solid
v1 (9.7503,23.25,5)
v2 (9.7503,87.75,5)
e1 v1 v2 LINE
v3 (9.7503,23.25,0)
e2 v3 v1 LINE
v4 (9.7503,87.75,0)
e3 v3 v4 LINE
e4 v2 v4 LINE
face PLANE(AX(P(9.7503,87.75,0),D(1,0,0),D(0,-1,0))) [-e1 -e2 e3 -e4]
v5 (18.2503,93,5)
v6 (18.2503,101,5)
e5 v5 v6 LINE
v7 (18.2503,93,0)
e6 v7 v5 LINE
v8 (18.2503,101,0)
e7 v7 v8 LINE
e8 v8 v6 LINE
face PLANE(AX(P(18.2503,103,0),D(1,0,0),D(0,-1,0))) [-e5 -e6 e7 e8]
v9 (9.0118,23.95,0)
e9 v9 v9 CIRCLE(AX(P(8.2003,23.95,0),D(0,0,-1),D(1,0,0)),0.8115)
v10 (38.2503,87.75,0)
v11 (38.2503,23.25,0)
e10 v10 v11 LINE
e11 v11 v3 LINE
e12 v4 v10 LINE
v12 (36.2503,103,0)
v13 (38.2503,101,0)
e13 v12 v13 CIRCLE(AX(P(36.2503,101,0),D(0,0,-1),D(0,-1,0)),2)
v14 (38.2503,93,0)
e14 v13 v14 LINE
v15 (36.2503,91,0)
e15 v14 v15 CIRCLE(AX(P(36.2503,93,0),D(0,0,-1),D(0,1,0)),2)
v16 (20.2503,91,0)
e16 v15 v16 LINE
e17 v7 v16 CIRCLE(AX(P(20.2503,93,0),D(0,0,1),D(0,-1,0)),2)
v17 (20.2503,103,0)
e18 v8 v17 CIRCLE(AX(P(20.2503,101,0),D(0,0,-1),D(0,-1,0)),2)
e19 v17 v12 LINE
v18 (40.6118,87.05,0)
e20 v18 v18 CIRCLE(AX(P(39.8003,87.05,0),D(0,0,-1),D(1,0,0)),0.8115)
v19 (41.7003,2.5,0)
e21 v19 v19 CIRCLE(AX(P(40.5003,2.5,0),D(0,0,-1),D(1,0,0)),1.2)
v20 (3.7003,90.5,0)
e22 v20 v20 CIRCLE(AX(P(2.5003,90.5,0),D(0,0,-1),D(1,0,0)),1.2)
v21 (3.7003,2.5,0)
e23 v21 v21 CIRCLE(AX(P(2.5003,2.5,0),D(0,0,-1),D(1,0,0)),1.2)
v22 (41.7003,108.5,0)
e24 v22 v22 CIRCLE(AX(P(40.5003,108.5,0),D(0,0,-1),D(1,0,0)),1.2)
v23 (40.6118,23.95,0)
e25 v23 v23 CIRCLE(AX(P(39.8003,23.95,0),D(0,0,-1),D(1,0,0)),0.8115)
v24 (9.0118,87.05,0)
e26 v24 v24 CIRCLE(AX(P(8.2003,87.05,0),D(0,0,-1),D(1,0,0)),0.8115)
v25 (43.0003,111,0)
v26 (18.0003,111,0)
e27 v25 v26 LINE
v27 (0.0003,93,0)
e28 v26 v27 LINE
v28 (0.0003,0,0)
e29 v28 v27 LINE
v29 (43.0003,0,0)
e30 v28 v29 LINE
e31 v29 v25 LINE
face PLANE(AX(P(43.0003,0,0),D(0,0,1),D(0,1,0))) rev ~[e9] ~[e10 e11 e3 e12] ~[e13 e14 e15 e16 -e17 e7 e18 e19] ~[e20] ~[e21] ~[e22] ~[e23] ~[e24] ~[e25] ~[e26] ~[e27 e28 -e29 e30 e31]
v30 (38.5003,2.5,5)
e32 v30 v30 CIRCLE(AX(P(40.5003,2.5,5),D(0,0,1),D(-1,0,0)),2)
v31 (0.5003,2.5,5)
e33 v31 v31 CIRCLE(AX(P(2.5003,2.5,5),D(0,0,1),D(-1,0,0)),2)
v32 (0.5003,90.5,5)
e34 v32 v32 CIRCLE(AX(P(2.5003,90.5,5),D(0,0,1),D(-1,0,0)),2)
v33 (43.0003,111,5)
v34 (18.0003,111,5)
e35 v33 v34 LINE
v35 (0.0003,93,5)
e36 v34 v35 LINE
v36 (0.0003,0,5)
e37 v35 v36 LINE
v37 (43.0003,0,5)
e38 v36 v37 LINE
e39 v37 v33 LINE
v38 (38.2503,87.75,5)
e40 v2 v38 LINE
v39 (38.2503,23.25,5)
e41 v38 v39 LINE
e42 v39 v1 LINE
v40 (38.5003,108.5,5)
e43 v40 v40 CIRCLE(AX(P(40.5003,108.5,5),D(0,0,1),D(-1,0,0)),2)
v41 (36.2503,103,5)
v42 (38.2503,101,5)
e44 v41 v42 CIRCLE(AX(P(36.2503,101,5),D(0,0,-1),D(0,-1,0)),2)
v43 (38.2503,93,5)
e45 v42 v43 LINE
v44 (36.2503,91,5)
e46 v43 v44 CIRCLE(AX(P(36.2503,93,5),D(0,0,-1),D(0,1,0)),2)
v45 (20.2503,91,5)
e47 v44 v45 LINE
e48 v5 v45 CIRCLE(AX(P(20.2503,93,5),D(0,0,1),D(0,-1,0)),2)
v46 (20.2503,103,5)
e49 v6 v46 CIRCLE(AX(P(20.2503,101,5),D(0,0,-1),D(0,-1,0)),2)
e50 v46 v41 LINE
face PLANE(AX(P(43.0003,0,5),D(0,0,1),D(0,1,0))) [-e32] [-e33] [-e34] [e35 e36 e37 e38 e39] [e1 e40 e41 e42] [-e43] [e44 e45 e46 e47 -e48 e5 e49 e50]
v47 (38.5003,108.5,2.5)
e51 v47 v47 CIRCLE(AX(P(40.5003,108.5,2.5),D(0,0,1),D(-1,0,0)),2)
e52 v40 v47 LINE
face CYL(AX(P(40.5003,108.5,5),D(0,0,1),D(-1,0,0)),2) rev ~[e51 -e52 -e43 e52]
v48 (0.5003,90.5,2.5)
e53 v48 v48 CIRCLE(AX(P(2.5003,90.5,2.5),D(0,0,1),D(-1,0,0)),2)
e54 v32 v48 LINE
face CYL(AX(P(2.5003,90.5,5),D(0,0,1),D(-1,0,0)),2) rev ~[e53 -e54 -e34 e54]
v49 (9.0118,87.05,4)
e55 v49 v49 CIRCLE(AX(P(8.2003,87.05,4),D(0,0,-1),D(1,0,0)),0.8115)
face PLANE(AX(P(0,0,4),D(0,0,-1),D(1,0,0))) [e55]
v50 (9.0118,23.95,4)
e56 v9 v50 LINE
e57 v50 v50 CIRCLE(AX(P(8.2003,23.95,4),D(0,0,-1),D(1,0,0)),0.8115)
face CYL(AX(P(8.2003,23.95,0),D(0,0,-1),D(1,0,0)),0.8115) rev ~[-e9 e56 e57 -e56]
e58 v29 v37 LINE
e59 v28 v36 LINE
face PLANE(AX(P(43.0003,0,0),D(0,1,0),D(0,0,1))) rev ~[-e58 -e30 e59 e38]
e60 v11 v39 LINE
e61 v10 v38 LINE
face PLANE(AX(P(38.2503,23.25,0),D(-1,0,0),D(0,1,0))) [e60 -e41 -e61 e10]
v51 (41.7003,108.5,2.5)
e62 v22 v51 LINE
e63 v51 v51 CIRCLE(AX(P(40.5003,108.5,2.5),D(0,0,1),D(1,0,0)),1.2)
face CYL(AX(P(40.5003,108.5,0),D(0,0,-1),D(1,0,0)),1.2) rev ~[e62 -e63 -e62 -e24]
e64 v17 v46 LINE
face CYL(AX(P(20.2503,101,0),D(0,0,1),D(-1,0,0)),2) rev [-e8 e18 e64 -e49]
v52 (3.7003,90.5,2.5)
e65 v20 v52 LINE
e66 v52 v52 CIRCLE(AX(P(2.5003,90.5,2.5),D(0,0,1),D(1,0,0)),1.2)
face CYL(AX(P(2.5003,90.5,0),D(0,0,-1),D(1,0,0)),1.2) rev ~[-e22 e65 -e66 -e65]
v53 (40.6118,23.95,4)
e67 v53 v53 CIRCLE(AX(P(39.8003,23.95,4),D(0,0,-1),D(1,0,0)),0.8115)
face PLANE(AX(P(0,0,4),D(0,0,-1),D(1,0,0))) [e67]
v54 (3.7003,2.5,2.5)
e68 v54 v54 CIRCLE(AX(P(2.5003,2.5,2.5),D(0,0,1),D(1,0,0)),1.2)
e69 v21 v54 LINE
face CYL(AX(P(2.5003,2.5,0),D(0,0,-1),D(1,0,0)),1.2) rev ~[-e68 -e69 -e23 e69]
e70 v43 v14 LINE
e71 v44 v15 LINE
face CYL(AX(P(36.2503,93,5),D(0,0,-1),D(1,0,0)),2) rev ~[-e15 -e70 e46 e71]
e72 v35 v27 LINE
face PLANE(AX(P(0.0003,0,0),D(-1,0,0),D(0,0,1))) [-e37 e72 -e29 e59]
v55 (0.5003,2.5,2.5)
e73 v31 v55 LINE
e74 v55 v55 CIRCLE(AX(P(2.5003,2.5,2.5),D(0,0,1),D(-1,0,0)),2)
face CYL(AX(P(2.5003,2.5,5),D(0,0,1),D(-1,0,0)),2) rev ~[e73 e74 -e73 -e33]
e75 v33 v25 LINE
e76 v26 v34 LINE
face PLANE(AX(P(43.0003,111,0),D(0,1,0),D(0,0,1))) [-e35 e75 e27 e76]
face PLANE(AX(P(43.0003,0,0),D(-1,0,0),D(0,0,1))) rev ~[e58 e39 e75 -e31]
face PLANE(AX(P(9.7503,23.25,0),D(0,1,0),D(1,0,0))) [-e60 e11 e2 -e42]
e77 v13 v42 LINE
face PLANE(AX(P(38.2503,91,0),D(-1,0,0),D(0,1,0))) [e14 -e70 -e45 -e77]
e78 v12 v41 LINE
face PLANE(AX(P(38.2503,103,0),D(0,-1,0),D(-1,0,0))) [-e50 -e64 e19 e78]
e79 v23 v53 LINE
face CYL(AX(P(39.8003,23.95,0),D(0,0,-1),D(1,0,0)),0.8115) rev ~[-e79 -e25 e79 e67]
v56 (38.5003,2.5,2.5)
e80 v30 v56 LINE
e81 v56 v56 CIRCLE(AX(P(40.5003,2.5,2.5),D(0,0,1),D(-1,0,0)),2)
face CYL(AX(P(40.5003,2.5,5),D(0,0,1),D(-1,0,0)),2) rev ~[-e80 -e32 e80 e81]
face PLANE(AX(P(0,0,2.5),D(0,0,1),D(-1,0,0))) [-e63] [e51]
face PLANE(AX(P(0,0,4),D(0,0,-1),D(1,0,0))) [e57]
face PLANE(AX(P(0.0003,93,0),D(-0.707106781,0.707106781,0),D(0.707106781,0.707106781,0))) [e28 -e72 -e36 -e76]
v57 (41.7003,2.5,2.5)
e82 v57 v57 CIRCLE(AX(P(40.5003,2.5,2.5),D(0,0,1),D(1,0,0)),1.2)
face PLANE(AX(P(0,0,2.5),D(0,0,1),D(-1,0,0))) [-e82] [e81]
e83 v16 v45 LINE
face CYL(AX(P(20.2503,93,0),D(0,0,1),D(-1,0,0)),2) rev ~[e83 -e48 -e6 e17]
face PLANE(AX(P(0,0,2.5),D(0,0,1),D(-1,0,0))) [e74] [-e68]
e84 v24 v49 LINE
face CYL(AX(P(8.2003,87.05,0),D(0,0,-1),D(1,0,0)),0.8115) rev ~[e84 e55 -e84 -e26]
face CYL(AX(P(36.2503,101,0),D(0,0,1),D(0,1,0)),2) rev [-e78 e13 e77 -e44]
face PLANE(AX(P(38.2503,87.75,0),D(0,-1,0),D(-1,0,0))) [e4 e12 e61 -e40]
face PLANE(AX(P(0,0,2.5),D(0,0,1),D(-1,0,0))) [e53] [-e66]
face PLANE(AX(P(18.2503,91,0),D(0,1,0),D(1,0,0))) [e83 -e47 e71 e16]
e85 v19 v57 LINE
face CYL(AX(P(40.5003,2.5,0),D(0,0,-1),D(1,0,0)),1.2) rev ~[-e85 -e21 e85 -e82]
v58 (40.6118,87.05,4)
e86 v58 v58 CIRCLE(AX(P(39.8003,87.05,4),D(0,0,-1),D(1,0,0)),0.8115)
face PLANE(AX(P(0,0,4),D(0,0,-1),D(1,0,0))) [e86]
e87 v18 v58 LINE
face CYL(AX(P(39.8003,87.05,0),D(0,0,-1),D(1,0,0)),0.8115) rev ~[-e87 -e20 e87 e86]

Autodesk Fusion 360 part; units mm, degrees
box "BoxPrimitive1" add length 111 width 43 height 5 placed x (0, 1, 0) y (-1, 0, 0) z (0, 0, 1) at (43.0003, 0, 0)
sketch "Sketch6" plane through (0, 0, 0) normal (0, 0, -1) x (1, 0, 0)
  line L0 (0.0003, -111) -> (43.0003, -111)
  line L1 (43.0003, -111) -> (43.0003, 0)
  line L2 (43.0003, 0) -> (0.0003, 0)
  line L3 (0.0003, 0) -> (0.0003, -111)
  line L4 (0.0003, -93) -> (18.0003, -111)
  line L5 (6.5003, -22.25) -> (41.5003, -22.25) construction
  line L6 (41.5003, -22.25) -> (41.5003, -88.75) construction
  line L7 (41.5003, -88.75) -> (6.5003, -88.75) construction
  line L8 (6.5003, -88.75) -> (6.5003, -22.25) construction
  line L9 (6.5003, -22.25) -> (41.5003, -88.75) construction
  line L10 (6.5003, -88.75) -> (41.5003, -22.25) construction
  circle A0 centre (8.2003, -23.95) radius 0.8
  line L11 (38.2503, -87.75) -> (9.7503, -87.75)
  line L12 (9.7503, -87.75) -> (9.7503, -23.25)
  line L13 (9.7503, -23.25) -> (38.2503, -23.25)
  line L14 (38.2503, -23.25) -> (38.2503, -87.75)
  line L15 (38.2503, -87.75) -> (9.7503, -23.25) construction
  line L16 (9.7503, -87.75) -> (38.2503, -23.25) construction
  line L17 (18.2503, -91) -> (38.2503, -91)
  line L18 (38.2503, -91) -> (38.2503, -103)
  line L19 (38.2503, -103) -> (18.2503, -103)
  line L20 (18.2503, -103) -> (18.2503, -91)
  circle A1 centre (2.5003, -2.5) radius 1.2
  circle A2 centre (40.5003, -2.5) radius 1.2
  circle A3 centre (40.5003, -108.5) radius 1.2
  circle A4 centre (2.5003, -90.5) radius 1.2
  line L21 (24.0003, -111) -> (24.0003, 0) construction
  line L22 (0.0003, -55.5) -> (43.0003, -55.5) construction
  circle A5 centre (8.2003, -87.05) radius 0.8
  circle A6 centre (39.8003, -23.95) radius 0.8
  circle A7 centre (39.8003, -87.05) radius 0.8
  line L23 (18.2503, -91) -> (38.2503, -103) construction
  line L24 (38.2503, -91) -> (18.2503, -103) construction
  point P0 (24.0003, -55.5)
  point P1 (24.0003, -55.5)
  point P2 (24.0003, -55.5)
  point P3 (24.0003, -55.5)
  point P4 (28.2503, -97)
  dimension "d7" = 45
  dimension "d8" = 35
  dimension "d9" = 66.5
  dimension "d11" = 1.6
  dimension "d12" = 1.7
  dimension "d13" = 1.7
  dimension "d14" = 28.5
  dimension "d15" = 64.5
  dimension "d17" = 2.4
  dimension "d18" = 2.5
  dimension "d19" = 2.5
  dimension "d21" = 2.4
  dimension "d22" = 2.5
  dimension "d23" = 2.5
  dimension "d24" = 2.4
  dimension "d25" = 2.5
  dimension "d26" = 2.5
  dimension "d38" = 93
  dimension "d39" = 4.75
  dimension "d42" = 20
  dimension "d43" = 12
  dimension "d47" = 55.5
  dimension "d48" = 19
  dimension "d51" = 2.5
  dimension "d52" = 2.5
  dimension "d53" = 2.4
  dimension "d56" = 3.25
extrude "Extrude1" cut sketch "Sketch6" against normal through all contours L0 L3 L4 | L11 L12 L13 L14 | L17 L18 L19 L20 | A1 | A2 | A3 | A4
extrude "Extrude4" cut sketch "Sketch6" against normal blind 4 contours A0 | A5 | A6 | A7
thread "Thread2" "ISO Metric profile 2.0 M2x0.4 M2x0.4 6H" major diameter 2.074 minor diameter 1.623 pitch 0.4 angle 60 resizes the face on face at (39.8202, 23.1502, 2.6667) on face at (40.4829, 86.6329, 2.6667) on face at (7.4977, 86.6674, 2.6667) on face at (8.9993, 23.9101, 1.3333)
sketch "Sketch9" plane through (0, 0, 5) normal (0, 0, 1) x (-1, 0, 0)
  line L0 (-18.0003, -111) -> (-0.0003, -93)
  line L1 (-0.0003, -93) -> (-0.0003, 0)
  line L2 (-0.0003, 0) -> (-43.0003, 0)
  line L3 (-43.0003, 0) -> (-43.0003, -111)
  line L4 (-43.0003, -111) -> (-18.0003, -111)
  circle A0 centre (-40.5003, -108.5) radius 1.2
  line L5 (-18.2503, -91) -> (-18.2503, -103)
  line L6 (-18.2503, -103) -> (-38.2503, -103)
  line L7 (-38.2503, -103) -> (-38.2503, -91)
  line L8 (-38.2503, -91) -> (-18.2503, -91)
  circle A1 centre (-2.5003, -90.5) radius 1.2
  circle A2 centre (-40.5003, -2.5) radius 1.2
  line L9 (-38.2503, -87.75) -> (-38.2503, -23.25)
  line L10 (-38.2503, -23.25) -> (-9.7503, -23.25)
  line L11 (-9.7503, -23.25) -> (-9.7503, -87.75)
  line L12 (-9.7503, -87.75) -> (-38.2503, -87.75)
  circle A3 centre (-2.5003, -2.5) radius 1.2
  circle A4 centre (-2.5003, -2.5) radius 2
  circle A5 centre (-40.5003, -2.5) radius 2
  circle A6 centre (-2.5003, -90.5) radius 2
  circle A7 centre (-40.5003, -108.5) radius 2
  dimension "d32" = 4
  dimension "d33" = 4
  dimension "d34" = 4
  dimension "d35" = 4
extrude "Extrude3" cut sketch "Sketch9" against normal blind 2.5 contours A4 | A5 | A6 | A7
sketch "Sketch10" plane through (0, 0, 5) normal (0, 0, 1) x (-1, 0, 0)
  line L0 (-38.2503, -87.75) -> (-38.2503, -23.25)
  line L1 (-38.2503, -23.25) -> (-9.7503, -23.25)
  line L2 (-9.7503, -23.25) -> (-9.7503, -87.75)
  line L3 (-9.7503, -87.75) -> (-38.2503, -87.75)
  line L4 (-18.2503, -91) -> (-18.2503, -103)
  line L5 (-18.2503, -103) -> (-38.2503, -103)
  line L6 (-38.2503, -103) -> (-38.2503, -91)
  line L7 (-38.2503, -91) -> (-18.2503, -91)
  line L8 (-18.0003, -111) -> (-0.0003, -93)
  line L9 (-0.0003, -93) -> (-0.0003, 0)
  line L10 (-0.0003, 0) -> (-43.0003, 0)
  line L11 (-43.0003, 0) -> (-43.0003, -111)
  line L12 (-43.0003, -111) -> (-18.0003, -111)
  circle A0 centre (-40.5003, -108.5) radius 2
  circle A1 centre (-2.5003, -2.5) radius 2
  circle A2 centre (-2.5003, -90.5) radius 2
  circle A3 centre (-40.5003, -2.5) radius 2
fillet "Fillet1" radius 2 4 edges at (38.2503, 91, 2.5) (18.2503, 91, 2.5) (38.2503, 103, 2.5) (18.2503, 103, 2.5)
